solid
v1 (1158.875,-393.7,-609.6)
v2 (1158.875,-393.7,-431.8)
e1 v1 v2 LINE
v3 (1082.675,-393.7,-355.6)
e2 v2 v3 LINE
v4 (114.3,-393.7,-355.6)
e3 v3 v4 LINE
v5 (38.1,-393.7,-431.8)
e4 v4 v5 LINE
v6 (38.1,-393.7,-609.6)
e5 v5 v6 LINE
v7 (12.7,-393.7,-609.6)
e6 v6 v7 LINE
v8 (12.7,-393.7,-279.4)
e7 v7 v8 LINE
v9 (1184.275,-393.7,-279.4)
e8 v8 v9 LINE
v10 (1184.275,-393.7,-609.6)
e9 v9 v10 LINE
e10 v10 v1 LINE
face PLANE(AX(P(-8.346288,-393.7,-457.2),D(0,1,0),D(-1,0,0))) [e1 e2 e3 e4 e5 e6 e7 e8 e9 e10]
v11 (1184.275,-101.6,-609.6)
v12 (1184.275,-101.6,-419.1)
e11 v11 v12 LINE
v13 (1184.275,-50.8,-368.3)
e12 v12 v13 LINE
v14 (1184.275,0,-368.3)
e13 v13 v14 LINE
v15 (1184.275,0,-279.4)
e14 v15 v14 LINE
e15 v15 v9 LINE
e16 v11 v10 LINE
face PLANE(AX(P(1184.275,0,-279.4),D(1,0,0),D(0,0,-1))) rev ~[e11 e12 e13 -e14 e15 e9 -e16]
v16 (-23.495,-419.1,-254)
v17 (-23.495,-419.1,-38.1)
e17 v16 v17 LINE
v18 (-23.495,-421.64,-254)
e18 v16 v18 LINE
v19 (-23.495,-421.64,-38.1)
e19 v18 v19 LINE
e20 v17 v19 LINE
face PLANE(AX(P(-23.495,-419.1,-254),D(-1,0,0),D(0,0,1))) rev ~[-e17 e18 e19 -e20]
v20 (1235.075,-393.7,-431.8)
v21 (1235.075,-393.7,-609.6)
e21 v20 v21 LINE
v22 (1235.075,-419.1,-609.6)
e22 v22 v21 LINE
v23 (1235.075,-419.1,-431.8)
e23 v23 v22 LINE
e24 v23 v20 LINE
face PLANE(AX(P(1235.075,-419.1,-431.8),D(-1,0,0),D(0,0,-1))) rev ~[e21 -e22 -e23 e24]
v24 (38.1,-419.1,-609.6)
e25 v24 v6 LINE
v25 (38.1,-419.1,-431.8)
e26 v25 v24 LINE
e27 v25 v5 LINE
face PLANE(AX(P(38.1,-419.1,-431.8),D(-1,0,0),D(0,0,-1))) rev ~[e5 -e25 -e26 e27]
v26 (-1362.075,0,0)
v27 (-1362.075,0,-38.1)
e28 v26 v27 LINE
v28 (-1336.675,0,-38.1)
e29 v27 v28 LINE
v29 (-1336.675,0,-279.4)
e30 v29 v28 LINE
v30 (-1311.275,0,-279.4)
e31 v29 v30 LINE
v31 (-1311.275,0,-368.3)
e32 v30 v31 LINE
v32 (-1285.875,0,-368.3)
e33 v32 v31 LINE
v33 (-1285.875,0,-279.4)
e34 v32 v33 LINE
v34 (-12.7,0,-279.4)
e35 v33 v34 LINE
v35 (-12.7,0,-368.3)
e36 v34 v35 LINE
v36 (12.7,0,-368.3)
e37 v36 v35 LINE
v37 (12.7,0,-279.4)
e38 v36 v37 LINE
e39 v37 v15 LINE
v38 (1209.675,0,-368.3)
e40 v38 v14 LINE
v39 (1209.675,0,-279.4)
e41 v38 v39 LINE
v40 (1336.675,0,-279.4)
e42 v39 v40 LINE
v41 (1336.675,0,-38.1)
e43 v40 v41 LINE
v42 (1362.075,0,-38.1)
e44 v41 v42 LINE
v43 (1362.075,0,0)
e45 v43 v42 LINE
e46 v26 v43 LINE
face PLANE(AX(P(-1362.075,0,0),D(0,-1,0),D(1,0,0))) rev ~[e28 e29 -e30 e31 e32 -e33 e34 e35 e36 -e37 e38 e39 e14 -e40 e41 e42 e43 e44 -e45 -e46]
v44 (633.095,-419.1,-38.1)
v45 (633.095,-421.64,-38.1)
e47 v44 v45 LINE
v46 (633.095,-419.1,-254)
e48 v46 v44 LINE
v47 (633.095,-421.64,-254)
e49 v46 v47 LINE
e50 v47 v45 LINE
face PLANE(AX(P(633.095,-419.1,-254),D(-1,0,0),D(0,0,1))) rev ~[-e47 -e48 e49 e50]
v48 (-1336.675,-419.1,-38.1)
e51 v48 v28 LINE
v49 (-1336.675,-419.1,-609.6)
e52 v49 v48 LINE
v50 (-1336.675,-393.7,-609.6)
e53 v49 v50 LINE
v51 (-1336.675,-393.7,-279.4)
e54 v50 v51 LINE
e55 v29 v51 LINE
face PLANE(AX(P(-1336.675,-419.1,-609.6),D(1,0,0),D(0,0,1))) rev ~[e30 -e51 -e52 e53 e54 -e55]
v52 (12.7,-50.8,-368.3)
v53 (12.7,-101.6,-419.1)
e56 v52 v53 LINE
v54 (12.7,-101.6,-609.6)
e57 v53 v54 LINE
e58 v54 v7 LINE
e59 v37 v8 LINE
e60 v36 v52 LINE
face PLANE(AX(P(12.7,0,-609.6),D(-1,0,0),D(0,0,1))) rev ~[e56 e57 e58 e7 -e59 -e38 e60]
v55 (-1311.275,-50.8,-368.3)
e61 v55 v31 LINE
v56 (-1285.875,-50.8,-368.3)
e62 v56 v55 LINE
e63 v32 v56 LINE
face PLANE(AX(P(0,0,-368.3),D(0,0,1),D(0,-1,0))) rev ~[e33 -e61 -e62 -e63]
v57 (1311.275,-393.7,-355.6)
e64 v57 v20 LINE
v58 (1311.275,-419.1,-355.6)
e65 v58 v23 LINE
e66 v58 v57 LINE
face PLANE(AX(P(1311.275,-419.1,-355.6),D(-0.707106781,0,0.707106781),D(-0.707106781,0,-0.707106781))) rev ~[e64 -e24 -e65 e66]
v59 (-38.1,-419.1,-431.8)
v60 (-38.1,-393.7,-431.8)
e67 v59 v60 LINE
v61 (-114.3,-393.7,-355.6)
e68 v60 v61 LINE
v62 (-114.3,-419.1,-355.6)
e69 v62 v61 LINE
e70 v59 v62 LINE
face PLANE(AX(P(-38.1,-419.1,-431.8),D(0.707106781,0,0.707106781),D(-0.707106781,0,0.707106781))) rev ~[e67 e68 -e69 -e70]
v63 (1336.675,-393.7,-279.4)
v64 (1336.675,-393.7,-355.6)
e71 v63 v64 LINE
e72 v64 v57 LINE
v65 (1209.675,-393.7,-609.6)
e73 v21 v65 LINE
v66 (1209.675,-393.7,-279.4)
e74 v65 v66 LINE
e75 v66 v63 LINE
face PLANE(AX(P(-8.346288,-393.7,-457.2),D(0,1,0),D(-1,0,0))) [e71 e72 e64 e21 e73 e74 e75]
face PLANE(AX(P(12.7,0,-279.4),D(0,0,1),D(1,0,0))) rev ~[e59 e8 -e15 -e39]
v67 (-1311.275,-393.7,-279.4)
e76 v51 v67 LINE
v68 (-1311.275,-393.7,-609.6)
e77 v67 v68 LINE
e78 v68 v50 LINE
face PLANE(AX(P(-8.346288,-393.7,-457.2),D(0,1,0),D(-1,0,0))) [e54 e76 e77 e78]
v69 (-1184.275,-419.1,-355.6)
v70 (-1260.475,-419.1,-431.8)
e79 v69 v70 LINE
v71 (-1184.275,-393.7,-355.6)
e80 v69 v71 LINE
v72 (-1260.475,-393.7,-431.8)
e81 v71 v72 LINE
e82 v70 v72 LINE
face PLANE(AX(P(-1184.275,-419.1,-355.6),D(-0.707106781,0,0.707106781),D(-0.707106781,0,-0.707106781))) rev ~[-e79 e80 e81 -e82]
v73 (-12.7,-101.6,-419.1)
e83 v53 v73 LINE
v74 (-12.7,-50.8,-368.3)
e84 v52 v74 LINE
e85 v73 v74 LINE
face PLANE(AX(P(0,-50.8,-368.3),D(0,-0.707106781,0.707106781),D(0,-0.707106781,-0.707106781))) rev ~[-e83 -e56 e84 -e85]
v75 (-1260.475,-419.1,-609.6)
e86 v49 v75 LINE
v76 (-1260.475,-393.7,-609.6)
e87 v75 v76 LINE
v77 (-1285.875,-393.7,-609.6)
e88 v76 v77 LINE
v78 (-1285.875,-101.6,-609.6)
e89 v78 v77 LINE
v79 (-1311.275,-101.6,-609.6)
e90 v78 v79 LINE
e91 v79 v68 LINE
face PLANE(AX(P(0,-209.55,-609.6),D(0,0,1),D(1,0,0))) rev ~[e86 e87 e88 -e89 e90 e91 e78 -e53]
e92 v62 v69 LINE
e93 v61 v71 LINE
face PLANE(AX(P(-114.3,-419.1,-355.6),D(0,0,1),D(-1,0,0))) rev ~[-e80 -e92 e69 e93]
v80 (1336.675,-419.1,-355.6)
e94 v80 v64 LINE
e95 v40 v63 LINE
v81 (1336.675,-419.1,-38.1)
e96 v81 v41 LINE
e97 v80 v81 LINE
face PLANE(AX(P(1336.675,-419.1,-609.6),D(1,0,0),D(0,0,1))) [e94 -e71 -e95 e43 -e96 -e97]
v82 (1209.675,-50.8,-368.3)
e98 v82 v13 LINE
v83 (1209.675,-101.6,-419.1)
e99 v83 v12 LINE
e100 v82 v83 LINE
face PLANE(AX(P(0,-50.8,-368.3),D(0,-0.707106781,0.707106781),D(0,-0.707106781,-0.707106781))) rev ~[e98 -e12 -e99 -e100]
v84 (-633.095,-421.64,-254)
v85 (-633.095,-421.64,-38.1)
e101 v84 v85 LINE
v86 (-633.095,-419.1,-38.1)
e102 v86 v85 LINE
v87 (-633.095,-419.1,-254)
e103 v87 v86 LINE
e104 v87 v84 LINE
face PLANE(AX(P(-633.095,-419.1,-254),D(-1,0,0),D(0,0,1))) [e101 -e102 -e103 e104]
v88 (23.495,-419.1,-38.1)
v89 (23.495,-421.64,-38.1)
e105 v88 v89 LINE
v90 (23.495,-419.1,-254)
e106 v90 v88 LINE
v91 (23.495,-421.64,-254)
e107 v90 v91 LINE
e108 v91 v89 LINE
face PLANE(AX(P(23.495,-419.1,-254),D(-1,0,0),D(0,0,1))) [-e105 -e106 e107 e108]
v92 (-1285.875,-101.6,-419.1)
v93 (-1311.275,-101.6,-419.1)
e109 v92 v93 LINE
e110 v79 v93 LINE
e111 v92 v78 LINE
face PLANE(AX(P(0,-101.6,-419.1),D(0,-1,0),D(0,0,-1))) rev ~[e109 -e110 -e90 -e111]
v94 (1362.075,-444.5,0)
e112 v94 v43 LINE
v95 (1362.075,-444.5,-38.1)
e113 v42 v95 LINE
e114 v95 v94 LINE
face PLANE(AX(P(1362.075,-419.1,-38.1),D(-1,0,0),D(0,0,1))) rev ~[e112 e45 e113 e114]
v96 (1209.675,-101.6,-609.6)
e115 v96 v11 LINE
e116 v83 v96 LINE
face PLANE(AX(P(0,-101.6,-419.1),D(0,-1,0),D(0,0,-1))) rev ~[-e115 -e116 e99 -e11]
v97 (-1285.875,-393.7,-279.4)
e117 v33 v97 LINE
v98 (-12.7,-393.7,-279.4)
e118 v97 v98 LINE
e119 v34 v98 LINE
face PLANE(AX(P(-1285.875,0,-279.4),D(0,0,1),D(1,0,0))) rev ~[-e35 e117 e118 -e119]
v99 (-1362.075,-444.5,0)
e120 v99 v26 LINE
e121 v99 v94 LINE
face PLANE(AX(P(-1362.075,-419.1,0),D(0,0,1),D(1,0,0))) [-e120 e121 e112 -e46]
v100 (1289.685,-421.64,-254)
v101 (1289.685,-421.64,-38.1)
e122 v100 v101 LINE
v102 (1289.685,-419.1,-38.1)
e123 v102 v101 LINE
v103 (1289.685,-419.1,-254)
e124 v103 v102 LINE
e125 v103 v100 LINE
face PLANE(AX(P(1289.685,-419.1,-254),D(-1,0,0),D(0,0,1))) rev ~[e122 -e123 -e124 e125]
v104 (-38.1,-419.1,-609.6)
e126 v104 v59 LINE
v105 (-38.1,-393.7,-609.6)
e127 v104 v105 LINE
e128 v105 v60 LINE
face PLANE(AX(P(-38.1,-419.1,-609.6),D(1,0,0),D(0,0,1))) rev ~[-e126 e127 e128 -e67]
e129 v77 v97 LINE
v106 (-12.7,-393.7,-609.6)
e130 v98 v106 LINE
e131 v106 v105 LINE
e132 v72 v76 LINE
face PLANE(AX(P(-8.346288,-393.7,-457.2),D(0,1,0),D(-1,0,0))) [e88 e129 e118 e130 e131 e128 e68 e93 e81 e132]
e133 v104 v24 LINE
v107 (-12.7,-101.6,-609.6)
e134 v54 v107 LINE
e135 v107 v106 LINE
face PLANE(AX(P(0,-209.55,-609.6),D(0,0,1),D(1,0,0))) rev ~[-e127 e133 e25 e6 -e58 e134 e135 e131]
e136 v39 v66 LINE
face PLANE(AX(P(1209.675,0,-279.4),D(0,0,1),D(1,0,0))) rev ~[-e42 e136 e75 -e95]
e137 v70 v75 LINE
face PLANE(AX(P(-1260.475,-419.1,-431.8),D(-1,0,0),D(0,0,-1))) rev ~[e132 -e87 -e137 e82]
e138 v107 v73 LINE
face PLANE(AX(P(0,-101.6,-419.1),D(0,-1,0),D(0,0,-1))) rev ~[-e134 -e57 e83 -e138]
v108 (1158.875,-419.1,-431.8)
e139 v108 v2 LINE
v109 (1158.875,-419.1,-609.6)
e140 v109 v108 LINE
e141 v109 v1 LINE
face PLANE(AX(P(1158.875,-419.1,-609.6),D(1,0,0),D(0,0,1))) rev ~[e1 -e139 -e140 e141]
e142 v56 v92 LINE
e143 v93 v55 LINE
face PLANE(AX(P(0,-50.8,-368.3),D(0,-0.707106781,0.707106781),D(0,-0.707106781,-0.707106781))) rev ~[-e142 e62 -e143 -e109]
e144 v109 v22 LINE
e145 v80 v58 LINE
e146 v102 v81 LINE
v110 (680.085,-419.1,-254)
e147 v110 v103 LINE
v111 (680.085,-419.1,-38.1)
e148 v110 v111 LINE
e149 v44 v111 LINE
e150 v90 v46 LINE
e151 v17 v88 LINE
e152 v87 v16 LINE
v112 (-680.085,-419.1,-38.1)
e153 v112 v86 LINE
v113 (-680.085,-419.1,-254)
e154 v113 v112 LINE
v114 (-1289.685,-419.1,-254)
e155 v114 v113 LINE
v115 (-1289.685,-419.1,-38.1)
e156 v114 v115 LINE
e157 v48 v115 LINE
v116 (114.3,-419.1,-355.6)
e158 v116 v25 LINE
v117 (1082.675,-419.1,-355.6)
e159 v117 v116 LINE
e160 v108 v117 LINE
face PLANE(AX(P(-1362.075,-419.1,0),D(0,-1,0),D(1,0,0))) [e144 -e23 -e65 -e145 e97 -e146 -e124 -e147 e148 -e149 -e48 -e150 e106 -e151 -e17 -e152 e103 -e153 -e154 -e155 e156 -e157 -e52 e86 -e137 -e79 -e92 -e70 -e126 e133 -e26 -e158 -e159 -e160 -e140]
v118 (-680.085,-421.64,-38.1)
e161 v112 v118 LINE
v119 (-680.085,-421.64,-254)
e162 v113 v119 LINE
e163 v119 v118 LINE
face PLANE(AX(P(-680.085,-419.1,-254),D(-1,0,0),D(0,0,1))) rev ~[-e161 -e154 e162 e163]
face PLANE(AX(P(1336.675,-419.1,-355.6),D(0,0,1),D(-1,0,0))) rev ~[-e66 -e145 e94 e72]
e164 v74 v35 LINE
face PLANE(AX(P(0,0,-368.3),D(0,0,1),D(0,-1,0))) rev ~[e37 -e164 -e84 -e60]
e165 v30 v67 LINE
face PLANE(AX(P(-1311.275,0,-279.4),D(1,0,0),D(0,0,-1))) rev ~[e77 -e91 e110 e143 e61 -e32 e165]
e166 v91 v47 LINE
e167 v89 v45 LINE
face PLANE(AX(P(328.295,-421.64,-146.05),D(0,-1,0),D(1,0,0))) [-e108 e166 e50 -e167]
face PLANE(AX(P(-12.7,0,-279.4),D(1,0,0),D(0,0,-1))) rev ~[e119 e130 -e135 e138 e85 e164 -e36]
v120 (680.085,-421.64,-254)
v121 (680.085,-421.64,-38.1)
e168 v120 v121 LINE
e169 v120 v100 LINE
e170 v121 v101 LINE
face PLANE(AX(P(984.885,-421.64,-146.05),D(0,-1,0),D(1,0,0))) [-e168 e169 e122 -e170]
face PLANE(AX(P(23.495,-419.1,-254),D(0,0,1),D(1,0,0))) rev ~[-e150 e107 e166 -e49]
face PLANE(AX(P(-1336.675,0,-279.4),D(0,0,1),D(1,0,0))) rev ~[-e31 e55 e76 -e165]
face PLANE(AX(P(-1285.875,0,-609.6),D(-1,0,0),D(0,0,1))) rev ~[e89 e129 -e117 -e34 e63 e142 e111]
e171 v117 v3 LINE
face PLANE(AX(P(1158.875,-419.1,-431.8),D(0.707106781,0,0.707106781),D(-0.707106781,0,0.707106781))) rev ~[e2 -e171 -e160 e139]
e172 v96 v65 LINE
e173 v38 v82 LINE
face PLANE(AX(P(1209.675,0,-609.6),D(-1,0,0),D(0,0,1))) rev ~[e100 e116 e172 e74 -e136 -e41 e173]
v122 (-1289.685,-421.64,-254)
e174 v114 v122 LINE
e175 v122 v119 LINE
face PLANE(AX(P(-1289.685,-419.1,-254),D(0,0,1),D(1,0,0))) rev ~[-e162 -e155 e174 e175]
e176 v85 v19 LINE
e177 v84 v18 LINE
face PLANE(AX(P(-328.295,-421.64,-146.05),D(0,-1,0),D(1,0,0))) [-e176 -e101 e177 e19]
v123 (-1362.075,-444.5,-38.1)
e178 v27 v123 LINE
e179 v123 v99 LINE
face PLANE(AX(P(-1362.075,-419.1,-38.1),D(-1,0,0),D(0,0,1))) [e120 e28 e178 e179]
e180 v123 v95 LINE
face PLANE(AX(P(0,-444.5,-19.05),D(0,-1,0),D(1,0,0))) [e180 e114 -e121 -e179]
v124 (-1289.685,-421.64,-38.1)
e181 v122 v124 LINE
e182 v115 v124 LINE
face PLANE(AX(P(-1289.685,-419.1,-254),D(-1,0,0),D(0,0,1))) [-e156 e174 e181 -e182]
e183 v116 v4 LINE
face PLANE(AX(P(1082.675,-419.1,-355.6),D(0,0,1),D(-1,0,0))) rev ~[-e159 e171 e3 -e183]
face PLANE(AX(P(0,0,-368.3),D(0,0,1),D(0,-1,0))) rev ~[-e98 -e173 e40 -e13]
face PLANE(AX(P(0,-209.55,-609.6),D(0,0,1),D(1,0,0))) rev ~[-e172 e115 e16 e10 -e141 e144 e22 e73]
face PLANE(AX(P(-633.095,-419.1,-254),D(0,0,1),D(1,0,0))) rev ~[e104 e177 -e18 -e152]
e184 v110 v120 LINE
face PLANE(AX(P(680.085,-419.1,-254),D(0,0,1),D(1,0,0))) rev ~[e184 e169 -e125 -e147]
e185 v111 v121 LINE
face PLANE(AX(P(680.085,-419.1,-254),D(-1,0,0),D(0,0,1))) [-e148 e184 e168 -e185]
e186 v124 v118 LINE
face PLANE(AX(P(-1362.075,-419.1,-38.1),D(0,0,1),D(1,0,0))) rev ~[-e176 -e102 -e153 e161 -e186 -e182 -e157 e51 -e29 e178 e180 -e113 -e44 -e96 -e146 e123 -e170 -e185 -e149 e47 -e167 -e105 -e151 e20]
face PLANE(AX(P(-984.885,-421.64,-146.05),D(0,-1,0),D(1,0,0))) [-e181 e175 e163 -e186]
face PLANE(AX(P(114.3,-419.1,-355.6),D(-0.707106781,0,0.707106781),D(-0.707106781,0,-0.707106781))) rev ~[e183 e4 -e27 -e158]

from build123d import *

# Parameters (mm, degrees)
F0_W          = 2724.15
F0_H          = 419.1
F1_DEPTH      = 609.6
F3_DEPTH      = 1362.076
F3_DEPTH_BACK = 1362.076
F4_W          = 25.4
F4_H          = 571.5
F5_DEPTH      = 419.101
F7_DEPTH      = 419.101
F8_W          = 609.6
F8_H          = 215.9
F9_DEPTH      = 2.54
F11_DEPTH     = 393.7
F12_W         = 2724.15
F12_H         = 38.1
F13_DEPTH     = 25.4
F15_DEPTH     = 406.4


with BuildPart() as f1:
    # F0 (on Top) → F1 (new body)
    with BuildSketch(Plane.XY):
        with Locations((0, -209.55)):
            Rectangle(F0_W, F0_H)
    extrude(amount=-F1_DEPTH)

    # F2 (on Right) → F3 (cut, two sides)
    with BuildSketch(Plane.YZ) as f3_sk:
        Polygon((-101.6, -419.1), (-101.6, -609.6), (0, -609.6), (0, -368.3), (-50.8, -368.3), align=None)
    extrude(amount=F3_DEPTH, mode=Mode.SUBTRACT)
    extrude(f3_sk.sketch, amount=-F3_DEPTH_BACK, mode=Mode.SUBTRACT)

    # F4 (on face) → F5 (cut, through all)
    with BuildSketch(Plane.XZ.offset(419.1)):
        with Locations((1349.375, -323.85)):
            Rectangle(F4_W, F4_H)
        with Locations((-1349.375, -323.85)):
            Rectangle(F4_W, F4_H)
    extrude(amount=-F5_DEPTH, mode=Mode.SUBTRACT)

    # F6 (on face) → F7 (cut, through all)
    with BuildSketch(Plane.XZ.offset(419.1)):
        Polygon((-1260.475, -431.8), (-1260.475, -609.6), (-38.1, -609.6), (-38.1, -431.8), (-114.3, -355.6), (-1184.275, -355.6), align=None)
        Polygon((38.1, -431.8), (38.1, -609.6), (1158.875, -609.6), (1158.875, -431.8), (1082.675, -355.6), (114.3, -355.6), align=None)
        Polygon((1235.075, -431.8), (1235.075, -609.6), (1336.675, -609.6), (1336.675, -355.6), (1311.275, -355.6), align=None)
    extrude(amount=-F7_DEPTH, mode=Mode.SUBTRACT)

    # F8 (on face) → F9 (join)
    with BuildSketch(Plane.XZ.offset(419.1)):
        with Locations((-984.885, -146.05)):
            Rectangle(F8_W, F8_H)
        with Locations((-328.295, -146.05)):
            Rectangle(F8_W, F8_H)
        with Locations((328.295, -146.05)):
            Rectangle(F8_W, F8_H)
        with Locations((984.885, -146.05)):
            Rectangle(F8_W, F8_H)
    extrude(amount=F9_DEPTH)

    # F10 (on face) → F11 (cut, through all)
    with BuildSketch(Plane(origin=(0, 0, 0), x_dir=(-1, 0, 0), z_dir=(0, 1, 0))):
        Polygon((-1184.275, -609.6), (-1209.675, -609.6), (-1209.675, -279.4), (-1336.675, -279.4), (-1336.675, -635), (1336.675, -635), (1336.675, -279.4), (1311.275, -279.4), (1311.275, -609.6), (1285.875, -609.6), (1285.875, -279.4), (12.7, -279.4), (12.7, -609.6), (-12.7, -609.6), (-12.7, -279.4), (-1184.275, -279.4), align=None)
    extrude(amount=-F11_DEPTH, mode=Mode.SUBTRACT)

    # F12 (on face) → F13 (join)
    with BuildSketch(Plane.XZ.offset(419.1)):
        with Locations((0, -19.05)):
            Rectangle(F12_W, F12_H)
    extrude(amount=F13_DEPTH)


with BuildPart() as f15:
    # F14 (on Front) → F15 (new body)
    with BuildSketch(Plane.XZ):
        Polygon((-828.675, 654.05), (-1336.675, 654.05), (-1336.675, 0), (-1317.625, 0), (-1317.625, 635), (-847.725, 635), (-847.725, 0), (-828.675, 0), align=None)
    extrude(amount=F15_DEPTH)


solid = f1.part
